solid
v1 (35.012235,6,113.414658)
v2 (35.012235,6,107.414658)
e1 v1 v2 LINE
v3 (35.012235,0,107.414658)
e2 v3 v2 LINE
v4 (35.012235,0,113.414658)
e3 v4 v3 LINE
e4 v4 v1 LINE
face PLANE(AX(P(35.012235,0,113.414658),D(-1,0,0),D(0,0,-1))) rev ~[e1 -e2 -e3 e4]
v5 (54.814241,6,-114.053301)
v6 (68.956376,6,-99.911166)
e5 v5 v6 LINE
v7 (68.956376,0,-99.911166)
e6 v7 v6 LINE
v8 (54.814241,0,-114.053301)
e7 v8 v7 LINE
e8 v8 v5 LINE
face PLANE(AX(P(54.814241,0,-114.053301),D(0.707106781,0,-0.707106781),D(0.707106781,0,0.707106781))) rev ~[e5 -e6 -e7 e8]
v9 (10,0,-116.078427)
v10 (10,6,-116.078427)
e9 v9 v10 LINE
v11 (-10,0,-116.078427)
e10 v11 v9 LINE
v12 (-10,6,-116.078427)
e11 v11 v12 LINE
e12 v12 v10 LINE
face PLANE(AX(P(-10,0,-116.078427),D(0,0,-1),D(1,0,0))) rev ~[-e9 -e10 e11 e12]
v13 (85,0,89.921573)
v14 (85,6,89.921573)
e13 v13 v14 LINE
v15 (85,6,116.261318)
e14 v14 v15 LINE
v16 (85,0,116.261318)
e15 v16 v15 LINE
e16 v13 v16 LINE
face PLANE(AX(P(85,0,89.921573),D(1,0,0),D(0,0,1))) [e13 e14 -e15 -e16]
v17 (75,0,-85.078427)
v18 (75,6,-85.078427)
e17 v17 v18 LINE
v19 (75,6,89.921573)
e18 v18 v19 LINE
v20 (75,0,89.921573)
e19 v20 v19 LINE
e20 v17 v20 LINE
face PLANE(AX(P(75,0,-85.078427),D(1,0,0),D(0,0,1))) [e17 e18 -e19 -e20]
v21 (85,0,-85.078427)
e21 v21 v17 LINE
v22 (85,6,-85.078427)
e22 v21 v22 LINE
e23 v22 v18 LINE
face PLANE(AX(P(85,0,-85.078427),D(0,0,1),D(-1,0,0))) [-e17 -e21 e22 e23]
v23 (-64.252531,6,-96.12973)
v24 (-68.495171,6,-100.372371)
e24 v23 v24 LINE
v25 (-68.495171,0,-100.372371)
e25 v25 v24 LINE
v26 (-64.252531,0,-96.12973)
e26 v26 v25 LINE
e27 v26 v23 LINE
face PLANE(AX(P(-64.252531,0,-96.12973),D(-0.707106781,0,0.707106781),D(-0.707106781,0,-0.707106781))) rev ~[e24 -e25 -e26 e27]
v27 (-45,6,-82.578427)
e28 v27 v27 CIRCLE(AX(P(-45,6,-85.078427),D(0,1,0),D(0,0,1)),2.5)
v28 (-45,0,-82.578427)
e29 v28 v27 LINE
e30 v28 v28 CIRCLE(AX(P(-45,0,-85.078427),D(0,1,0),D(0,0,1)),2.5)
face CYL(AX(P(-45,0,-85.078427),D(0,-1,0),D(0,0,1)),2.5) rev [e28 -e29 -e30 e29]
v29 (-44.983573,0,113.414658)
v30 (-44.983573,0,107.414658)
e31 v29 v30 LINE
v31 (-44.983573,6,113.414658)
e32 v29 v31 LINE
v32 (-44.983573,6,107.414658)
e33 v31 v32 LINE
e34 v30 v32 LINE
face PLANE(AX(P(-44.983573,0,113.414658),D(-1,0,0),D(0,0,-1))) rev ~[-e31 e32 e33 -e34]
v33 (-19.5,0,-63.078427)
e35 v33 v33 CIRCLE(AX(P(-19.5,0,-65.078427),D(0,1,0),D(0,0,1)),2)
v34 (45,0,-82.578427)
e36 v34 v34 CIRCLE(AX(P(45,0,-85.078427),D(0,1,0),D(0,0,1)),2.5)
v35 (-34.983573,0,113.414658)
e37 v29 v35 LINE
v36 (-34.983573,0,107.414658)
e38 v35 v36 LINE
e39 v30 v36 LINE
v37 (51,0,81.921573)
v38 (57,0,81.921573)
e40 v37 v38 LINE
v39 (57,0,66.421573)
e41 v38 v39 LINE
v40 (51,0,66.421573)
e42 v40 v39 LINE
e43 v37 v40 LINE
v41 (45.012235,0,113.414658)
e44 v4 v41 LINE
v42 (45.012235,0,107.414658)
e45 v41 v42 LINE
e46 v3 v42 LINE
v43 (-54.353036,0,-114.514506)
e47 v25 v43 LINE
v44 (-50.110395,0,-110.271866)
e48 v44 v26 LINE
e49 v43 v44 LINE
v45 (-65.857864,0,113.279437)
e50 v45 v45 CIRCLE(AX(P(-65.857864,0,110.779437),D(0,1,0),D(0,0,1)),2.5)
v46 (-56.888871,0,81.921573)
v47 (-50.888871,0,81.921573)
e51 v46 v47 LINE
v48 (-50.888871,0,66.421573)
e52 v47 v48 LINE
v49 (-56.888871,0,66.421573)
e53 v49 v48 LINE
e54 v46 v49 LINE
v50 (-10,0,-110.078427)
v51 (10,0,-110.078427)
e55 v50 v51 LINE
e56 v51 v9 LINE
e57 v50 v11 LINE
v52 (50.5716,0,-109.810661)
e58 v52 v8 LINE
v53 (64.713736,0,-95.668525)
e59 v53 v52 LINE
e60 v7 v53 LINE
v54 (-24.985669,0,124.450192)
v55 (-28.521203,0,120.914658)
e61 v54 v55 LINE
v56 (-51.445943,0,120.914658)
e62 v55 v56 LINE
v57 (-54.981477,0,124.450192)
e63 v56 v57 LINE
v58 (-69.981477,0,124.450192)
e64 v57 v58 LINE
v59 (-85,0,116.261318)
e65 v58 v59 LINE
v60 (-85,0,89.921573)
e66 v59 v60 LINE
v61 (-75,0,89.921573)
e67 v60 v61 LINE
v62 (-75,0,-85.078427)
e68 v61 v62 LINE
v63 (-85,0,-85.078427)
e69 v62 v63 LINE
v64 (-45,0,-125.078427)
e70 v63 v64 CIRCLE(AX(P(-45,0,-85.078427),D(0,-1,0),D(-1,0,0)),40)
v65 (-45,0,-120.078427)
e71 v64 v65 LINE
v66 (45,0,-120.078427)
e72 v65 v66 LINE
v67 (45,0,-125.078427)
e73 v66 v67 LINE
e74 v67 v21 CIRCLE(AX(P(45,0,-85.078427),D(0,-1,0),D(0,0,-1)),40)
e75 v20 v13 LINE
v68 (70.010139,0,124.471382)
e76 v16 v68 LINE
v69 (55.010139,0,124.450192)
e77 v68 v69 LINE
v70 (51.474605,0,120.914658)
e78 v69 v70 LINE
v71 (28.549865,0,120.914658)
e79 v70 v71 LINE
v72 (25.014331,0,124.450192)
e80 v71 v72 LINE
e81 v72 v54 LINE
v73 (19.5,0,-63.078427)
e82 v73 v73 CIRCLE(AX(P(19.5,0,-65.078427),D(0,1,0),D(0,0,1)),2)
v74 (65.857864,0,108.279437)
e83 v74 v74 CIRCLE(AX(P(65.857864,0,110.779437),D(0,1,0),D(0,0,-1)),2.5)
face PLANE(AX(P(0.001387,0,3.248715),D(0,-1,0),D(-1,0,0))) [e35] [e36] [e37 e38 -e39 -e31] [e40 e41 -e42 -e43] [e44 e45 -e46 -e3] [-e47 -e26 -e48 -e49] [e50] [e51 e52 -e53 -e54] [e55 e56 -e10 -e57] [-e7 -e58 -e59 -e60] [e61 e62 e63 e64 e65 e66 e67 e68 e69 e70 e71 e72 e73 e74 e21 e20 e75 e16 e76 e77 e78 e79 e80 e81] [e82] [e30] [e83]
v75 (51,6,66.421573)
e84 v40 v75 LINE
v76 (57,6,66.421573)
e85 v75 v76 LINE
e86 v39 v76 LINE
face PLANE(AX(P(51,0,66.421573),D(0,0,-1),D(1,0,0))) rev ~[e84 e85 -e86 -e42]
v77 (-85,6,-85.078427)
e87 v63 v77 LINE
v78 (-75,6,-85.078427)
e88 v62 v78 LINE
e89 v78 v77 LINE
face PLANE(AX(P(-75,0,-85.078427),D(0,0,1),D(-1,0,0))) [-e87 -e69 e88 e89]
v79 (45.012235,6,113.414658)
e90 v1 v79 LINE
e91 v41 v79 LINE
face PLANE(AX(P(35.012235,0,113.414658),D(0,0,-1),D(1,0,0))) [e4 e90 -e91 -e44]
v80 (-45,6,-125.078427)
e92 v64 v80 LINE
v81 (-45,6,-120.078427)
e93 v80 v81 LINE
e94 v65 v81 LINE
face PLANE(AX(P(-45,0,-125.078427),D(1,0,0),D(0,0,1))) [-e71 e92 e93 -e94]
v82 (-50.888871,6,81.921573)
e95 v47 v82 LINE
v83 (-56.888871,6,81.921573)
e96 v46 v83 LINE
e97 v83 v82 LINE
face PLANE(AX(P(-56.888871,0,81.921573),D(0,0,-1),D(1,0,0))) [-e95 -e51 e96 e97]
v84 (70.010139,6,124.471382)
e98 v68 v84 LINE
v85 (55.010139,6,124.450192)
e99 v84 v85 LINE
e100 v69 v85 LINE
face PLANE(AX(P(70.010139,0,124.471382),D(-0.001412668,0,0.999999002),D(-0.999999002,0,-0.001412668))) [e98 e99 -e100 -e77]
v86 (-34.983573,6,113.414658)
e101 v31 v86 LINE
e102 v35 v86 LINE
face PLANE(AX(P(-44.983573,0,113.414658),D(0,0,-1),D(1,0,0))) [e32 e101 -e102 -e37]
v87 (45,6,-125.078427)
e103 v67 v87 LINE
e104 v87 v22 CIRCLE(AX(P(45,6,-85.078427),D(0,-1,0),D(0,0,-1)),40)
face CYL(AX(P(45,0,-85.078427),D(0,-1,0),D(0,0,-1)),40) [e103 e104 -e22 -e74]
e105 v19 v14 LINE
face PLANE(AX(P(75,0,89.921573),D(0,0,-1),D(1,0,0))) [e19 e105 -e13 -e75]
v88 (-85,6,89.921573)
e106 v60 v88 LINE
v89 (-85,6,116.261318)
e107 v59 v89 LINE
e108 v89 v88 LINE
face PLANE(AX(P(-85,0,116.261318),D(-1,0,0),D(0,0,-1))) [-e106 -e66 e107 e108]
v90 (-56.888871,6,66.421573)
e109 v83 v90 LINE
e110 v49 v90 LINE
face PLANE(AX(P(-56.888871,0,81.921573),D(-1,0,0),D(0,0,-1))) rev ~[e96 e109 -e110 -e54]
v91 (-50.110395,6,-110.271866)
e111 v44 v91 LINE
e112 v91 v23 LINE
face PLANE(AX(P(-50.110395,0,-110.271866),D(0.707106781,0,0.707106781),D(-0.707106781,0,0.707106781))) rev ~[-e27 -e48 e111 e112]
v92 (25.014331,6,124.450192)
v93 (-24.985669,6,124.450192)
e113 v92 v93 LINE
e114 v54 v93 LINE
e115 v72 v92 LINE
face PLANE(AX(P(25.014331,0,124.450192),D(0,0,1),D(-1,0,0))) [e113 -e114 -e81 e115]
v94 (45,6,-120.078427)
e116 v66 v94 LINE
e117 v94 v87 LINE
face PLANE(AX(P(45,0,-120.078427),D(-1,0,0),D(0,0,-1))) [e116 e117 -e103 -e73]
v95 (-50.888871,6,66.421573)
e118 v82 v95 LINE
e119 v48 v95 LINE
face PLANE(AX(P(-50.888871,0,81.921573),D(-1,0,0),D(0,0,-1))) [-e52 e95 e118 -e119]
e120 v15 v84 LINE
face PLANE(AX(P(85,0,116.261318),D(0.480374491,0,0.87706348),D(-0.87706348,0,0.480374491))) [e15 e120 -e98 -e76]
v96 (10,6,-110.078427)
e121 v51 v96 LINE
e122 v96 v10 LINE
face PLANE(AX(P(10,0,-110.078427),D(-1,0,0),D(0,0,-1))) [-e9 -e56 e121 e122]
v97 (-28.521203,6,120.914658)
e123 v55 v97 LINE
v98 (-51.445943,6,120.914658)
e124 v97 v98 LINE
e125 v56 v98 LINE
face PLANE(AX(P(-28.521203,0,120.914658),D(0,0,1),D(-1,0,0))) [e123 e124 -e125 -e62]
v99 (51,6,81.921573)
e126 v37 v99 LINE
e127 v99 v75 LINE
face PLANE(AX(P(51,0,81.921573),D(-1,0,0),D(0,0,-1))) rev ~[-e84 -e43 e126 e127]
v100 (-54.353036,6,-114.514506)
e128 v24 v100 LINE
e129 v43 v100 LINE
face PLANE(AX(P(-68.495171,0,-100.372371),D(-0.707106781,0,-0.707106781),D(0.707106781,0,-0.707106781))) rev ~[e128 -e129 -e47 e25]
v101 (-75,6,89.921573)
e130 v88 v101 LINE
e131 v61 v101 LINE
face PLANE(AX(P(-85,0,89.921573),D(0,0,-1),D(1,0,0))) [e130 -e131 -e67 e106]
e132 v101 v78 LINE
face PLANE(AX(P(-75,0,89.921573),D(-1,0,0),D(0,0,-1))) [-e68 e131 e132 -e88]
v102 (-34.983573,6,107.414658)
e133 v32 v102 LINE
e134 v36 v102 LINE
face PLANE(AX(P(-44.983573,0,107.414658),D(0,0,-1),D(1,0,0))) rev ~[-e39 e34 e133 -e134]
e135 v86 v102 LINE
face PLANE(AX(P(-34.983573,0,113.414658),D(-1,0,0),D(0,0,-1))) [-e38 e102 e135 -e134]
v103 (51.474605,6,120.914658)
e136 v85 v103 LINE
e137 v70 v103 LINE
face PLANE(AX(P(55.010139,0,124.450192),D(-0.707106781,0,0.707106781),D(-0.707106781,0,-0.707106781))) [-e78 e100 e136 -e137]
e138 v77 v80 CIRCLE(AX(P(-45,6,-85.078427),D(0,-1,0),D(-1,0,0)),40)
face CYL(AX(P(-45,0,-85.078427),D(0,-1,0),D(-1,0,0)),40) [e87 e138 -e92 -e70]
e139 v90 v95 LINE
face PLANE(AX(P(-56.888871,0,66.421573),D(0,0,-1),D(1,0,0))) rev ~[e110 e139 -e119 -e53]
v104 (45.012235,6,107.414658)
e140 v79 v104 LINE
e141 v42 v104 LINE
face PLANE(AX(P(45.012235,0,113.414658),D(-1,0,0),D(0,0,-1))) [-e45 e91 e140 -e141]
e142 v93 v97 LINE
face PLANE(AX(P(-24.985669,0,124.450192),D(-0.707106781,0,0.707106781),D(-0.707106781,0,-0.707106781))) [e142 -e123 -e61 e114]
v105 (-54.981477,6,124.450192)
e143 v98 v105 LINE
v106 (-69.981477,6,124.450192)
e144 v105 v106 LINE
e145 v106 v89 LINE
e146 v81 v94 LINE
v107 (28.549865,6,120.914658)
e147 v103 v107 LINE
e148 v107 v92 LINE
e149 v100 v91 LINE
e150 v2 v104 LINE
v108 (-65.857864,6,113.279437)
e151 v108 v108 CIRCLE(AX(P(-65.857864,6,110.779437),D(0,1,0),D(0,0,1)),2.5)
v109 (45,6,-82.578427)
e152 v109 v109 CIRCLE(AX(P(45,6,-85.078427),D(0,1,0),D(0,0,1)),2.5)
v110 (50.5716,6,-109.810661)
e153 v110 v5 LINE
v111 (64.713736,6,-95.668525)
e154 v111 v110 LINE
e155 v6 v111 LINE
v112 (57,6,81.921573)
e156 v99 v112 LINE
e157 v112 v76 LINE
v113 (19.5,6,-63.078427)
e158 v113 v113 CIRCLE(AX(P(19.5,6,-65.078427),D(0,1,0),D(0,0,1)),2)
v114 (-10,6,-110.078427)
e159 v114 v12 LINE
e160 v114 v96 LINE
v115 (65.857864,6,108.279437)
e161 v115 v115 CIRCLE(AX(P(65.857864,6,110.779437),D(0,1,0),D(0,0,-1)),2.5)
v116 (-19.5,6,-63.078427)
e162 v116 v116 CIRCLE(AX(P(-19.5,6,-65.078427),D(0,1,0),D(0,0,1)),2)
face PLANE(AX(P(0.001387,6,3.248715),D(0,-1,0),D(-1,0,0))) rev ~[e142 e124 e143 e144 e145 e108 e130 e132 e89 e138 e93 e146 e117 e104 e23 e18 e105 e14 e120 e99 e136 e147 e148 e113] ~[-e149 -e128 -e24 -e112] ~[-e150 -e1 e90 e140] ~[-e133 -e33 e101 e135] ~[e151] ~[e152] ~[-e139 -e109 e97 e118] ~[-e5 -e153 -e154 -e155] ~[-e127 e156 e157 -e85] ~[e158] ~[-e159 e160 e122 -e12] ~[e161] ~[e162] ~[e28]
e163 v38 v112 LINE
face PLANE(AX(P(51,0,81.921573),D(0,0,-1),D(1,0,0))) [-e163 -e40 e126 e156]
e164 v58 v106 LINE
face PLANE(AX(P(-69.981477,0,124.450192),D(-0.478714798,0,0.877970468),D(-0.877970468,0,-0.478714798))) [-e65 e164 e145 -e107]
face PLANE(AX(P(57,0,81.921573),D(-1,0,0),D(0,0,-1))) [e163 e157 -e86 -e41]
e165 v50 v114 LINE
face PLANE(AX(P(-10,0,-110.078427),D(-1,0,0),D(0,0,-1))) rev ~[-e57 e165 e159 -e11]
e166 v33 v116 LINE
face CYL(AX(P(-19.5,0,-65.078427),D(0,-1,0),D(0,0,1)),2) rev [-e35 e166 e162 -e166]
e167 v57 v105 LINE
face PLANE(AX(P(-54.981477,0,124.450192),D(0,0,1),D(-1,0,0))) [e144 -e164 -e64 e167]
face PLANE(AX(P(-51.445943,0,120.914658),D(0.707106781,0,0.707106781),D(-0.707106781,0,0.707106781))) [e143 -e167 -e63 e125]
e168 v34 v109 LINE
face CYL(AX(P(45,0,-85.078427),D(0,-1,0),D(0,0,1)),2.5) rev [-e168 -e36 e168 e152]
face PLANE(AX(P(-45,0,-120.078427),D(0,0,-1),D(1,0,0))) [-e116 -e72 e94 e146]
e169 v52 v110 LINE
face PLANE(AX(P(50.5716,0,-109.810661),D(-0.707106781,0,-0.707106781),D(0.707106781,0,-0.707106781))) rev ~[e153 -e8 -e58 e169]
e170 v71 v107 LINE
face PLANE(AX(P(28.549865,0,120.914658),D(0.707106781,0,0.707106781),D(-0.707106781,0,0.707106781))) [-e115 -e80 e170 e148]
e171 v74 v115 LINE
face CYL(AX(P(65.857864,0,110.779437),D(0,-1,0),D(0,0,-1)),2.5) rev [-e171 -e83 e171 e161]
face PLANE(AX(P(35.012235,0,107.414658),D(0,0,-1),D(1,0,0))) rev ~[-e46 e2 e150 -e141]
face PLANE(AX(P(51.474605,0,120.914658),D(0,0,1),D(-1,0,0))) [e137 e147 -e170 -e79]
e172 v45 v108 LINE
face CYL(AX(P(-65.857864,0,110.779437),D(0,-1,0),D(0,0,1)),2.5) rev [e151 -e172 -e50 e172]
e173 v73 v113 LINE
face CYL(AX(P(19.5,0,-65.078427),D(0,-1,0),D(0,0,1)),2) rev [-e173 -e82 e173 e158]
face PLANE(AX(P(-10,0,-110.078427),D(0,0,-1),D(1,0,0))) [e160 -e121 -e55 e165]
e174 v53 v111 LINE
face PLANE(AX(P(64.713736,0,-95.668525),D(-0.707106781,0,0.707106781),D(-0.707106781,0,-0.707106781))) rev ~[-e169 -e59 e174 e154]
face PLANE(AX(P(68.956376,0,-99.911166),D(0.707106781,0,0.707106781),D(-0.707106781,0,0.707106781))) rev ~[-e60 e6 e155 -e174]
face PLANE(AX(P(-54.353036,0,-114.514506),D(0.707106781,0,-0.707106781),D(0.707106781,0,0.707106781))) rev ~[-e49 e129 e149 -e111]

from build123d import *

# Parameters (mm, degrees)
SKETCH1_R           = 2.5
SKETCH1_R_2         = 2
SKETCH1_W           = 20
SKETCH1_H           = 6
SKETCH1_W_2         = 10
SKETCH1_W_3         = 6
SKETCH1_H_2         = 15.5
BOSS_EXTRUDE1_DEPTH = 6


with BuildPart() as part:
    # Sketch1 → Boss-Extrude1 (new body)
    with BuildSketch(Plane(origin=(0, 0, 0), x_dir=(1, 0, 0), z_dir=(0, 1, 0))):
        with BuildLine():
            Line((-45, 125.078427477), (-45, 120.078427477))
            Line((-45, 120.078427477), (45, 120.078427477))
            Line((45, 120.078427477), (45, 125.078427477))
            ThreePointArc((45, 125.078427477), (73.284271247, 113.362698724), (85, 85.078427477))
            Line((85, 85.078427477), (75, 85.078427477))
            Line((75, 85.078427477), (75, -89.921572523))
            Line((75, -89.921572523), (85, -89.921572523))
            Line((85, -89.921572523), (85, -116.261318485))
            Line((85, -116.261318485), (70.010138709, -124.471382126))
            Line((70.010138709, -124.471382126), (55.010138709, -124.450192088))
            Line((55.010138709, -124.450192088), (51.474604803, -120.914658182))
            Line((51.474604803, -120.914658182), (28.549864753, -120.914658182))
            Line((28.549864753, -120.914658182), (25.014330847, -124.450192088))
            Line((25.014330847, -124.450192088), (-24.985669153, -124.450192088))
            Line((-24.985669153, -124.450192088), (-28.521203059, -120.914658182))
            Line((-28.521203059, -120.914658182), (-51.44594311, -120.914658182))
            Line((-51.44594311, -120.914658182), (-54.981477016, -124.450192088))
            Line((-54.981477016, -124.450192088), (-69.981477016, -124.450192088))
            Line((-69.981477016, -124.450192088), (-85, -116.261318485))
            Line((-85, -116.261318485), (-85, -89.921572523))
            Line((-85, -89.921572523), (-75, -89.921572523))
            Line((-75, -89.921572523), (-75, 85.078427477))
            Line((-75, 85.078427477), (-85, 85.078427477))
            ThreePointArc((-85, 85.078427477), (-73.284271247, 113.362698724), (-45, 125.078427477))
        make_face()
        with Locations(Location((-45, 85.078427477, 0), (0, 0, 270))):
            Circle(SKETCH1_R, mode=Mode.SUBTRACT)
        with Locations(Location((45, 85.078427477, 0), (0, 0, 270))):
            Circle(SKETCH1_R, mode=Mode.SUBTRACT)
        with Locations(Location((-65.857864376, -110.779436899, 0), (0, 0, 270))):
            Circle(SKETCH1_R, mode=Mode.SUBTRACT)
        with Locations(Location((65.857864376, -110.779436899, 0), (0, 0, 90))):
            Circle(SKETCH1_R, mode=Mode.SUBTRACT)
        with Locations(Location((19.5, 65.078427477, 0), (0, 0, 270))):
            Circle(SKETCH1_R_2, mode=Mode.SUBTRACT)
        with Locations(Location((-19.5, 65.078427477, 0), (0, 0, 270))):
            Circle(SKETCH1_R_2, mode=Mode.SUBTRACT)
        Polygon((50.571600169, 109.810660524), (54.814240856, 114.053301211), (68.95637648, 99.911165587), (64.713735792, 95.6685249), align=None, mode=Mode.SUBTRACT)
        with Locations((0, 113.078427477)):
            Rectangle(SKETCH1_W, SKETCH1_H, mode=Mode.SUBTRACT)
        Polygon((-50.11039508, 110.271865613), (-64.252530704, 96.129729989), (-68.495171391, 100.372370676), (-54.353035767, 114.5145063), align=None, mode=Mode.SUBTRACT)
        with Locations((-39.983573085, -110.414658182)):
            Rectangle(SKETCH1_W_2, SKETCH1_H, mode=Mode.SUBTRACT)
        with Locations((40.012234778, -110.414658182)):
            Rectangle(SKETCH1_W_2, SKETCH1_H, mode=Mode.SUBTRACT)
        with Locations((54, -74.171572523)):
            Rectangle(SKETCH1_W_3, SKETCH1_H_2, mode=Mode.SUBTRACT)
        with Locations((-53.888870578, -74.171572523)):
            Rectangle(SKETCH1_W_3, SKETCH1_H_2, mode=Mode.SUBTRACT)
    extrude(amount=BOSS_EXTRUDE1_DEPTH)


solid = part.part
